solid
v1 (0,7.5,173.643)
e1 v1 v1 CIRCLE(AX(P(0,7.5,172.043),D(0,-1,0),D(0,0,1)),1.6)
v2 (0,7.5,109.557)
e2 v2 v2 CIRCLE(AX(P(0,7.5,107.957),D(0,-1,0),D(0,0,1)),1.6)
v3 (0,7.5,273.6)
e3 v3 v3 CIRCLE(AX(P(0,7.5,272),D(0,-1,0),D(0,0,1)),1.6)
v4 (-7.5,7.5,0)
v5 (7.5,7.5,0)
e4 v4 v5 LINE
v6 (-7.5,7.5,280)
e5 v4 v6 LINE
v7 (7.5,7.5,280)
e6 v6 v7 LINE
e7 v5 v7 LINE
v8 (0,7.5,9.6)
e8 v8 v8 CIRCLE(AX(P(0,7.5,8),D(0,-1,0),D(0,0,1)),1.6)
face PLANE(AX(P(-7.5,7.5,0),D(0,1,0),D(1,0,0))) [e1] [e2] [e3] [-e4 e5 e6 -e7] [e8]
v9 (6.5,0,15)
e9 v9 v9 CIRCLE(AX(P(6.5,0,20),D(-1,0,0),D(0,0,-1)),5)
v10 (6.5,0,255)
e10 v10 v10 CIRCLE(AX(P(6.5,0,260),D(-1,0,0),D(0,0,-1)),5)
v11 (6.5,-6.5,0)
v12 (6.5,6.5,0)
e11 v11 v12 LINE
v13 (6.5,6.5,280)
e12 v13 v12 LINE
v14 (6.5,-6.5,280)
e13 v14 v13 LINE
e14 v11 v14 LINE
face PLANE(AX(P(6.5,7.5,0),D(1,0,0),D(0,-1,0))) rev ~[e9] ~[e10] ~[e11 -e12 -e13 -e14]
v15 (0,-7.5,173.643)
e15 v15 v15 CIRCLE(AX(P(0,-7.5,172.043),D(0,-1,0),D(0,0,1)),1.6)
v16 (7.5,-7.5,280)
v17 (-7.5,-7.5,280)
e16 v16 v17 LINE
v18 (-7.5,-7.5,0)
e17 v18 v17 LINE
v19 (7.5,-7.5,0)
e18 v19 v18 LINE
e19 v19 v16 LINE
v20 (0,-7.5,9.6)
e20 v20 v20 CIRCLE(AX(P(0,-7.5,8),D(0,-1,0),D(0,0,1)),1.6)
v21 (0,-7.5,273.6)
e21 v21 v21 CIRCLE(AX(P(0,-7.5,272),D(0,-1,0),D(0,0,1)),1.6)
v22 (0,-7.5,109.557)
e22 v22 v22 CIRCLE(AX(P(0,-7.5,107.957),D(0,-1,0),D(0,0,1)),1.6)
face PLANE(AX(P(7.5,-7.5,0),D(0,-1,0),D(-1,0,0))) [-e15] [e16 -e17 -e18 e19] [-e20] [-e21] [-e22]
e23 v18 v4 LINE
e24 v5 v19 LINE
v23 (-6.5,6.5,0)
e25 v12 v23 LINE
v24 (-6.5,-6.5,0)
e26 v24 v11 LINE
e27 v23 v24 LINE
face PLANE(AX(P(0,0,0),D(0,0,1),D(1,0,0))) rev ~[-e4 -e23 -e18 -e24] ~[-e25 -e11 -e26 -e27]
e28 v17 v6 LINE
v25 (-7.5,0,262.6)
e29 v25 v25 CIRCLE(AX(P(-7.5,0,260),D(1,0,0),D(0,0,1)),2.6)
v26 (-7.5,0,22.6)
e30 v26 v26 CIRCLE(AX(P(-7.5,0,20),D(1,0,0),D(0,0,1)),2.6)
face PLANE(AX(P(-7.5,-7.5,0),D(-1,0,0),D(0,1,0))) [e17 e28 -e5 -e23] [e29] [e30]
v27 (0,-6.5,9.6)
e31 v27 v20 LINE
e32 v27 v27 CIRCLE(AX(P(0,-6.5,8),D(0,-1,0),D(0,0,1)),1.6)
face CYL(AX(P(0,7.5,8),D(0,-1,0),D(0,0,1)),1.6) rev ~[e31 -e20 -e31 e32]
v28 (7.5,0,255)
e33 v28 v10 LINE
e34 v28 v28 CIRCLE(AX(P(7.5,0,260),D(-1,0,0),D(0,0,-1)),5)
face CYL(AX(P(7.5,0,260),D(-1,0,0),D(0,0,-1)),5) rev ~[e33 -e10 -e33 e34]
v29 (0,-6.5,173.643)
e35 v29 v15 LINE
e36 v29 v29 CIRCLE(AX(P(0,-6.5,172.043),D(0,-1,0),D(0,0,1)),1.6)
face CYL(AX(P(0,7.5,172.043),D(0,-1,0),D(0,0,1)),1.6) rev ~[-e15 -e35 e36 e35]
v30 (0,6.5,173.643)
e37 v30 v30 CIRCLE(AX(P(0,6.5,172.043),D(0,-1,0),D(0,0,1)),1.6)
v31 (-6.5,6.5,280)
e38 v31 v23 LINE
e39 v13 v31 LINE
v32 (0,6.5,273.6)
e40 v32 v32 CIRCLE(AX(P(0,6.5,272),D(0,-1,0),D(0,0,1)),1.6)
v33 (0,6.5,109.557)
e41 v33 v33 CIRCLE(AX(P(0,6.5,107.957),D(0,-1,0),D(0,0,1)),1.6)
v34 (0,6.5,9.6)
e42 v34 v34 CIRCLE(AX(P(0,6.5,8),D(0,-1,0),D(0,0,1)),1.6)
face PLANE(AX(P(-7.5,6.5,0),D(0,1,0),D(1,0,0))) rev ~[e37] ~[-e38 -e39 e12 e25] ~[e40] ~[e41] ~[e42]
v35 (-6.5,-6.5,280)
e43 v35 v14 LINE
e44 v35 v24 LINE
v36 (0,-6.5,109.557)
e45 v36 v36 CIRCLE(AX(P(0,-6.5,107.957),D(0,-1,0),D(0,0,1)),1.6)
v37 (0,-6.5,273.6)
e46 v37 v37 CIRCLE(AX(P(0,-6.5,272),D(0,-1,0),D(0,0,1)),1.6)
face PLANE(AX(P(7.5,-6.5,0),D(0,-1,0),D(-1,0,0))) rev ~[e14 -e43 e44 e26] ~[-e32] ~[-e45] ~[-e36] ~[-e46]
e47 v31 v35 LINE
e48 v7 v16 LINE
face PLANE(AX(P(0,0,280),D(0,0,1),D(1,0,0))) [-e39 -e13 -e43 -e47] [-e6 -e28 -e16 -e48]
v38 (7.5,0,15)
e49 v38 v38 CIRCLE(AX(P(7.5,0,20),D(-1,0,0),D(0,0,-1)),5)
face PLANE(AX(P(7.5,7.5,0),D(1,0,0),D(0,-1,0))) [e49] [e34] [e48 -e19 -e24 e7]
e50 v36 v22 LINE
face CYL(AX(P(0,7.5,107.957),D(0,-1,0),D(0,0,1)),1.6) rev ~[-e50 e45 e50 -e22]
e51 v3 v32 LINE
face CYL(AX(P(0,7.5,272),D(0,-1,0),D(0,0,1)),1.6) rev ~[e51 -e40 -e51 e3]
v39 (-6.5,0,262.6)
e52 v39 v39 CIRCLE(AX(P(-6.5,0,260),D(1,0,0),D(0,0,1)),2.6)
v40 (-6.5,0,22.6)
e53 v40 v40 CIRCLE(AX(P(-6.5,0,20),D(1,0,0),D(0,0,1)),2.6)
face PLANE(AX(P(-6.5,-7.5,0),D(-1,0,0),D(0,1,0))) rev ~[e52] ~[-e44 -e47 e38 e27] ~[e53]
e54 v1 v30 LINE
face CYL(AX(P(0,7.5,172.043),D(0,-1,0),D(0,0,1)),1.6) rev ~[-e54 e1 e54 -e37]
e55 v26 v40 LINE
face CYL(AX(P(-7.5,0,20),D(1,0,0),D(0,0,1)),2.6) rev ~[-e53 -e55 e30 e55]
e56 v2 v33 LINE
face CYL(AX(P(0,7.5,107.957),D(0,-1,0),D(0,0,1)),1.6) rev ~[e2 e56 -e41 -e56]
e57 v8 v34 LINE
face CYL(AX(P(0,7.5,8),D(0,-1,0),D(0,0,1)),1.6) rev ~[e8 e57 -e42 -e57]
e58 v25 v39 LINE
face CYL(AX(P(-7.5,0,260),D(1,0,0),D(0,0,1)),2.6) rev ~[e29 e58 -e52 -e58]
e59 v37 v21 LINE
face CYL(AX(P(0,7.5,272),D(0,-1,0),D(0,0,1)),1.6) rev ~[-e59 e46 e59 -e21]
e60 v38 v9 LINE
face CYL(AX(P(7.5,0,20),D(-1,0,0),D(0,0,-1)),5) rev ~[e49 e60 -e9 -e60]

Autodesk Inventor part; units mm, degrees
ref_plane "YZ Plane" through (0, 0, 0) normal (1, 0, 0) x (0, 1, 0)
ref_plane "XZ Plane" through (0, 0, 0) normal (0, 1, 0) x (-1, 0, 0)
ref_plane "XY Plane" through (0, 0, 0) normal (0, 0, 1) x (1, 0, 0)
sketch "スケッチ1" plane through (0, 0, 0) normal (0, 0, 1) x (1, 0, 0)
  line L0 (7.5, -7.5) -> (-7.5, -7.5)
  line L1 (-7.5, -7.5) -> (-7.5, 7.5)
  line L2 (-7.5, 7.5) -> (7.5, 7.5)
  line L3 (7.5, 7.5) -> (7.5, -7.5)
  line L4 (7.5, -7.5) -> (-7.5, 7.5) construction
  line L5 (-7.5, -7.5) -> (7.5, 7.5) construction
  point P0 (0, 0)
  dimension "d0" = 15
  dimension "d1" = 15
extrude "押し出し1" add sketch "スケッチ1" along normal blind 280
shell "シェル1" thickness 1 removed faces 2 at (2.5, -2.5, 0) at (2.5, -2.5, 280)
sketch "スケッチ2" plane through (-7.5, 7.5, 0) normal (0, 1, 0) x (1, 0, 0)
  line L0 (7.5, -172.043) -> (7.5, -107.957) construction
  line L1 (15, -280) -> (0, -280) projected
  line L2 (0, 0) -> (0, -280) projected
  line L3 (0, -140) -> (7.5, -140) construction
  point P0 (7.5, 0)
  point P1 (7.5, -280)
  point P2 (7.5, -272)
  point P3 (7.5, -8)
  dimension "d5" = 64.086
  dimension "d29" = 264
hole "穴1" at (0, 7.5, 172.043) at (0, 7.5, 107.957) at (0, 7.5, 272) at (0, 7.5, 8) direction (0, -1, 0) diameter 3.2 end through all
sketch "スケッチ3" plane through (-7.5, -7.5, 0) normal (-1, 0, 0) x (0, 0, 1)
  line L0 (20, 7.5) -> (260, 7.5)
  line L1 (0, 15) -> (280, 15) projected
  line L2 (280, 15) -> (280, 0) projected
  point P0 (0, 7.5)
  point P1 (140, 7.5)
  point P2 (140, 15)
  point P3 (280, 7.5)
  dimension "d13" = 240
hole "穴2" at (-7.5, 0, 260) at (-7.5, 0, 20) direction (1, 0, 0) diameter 5.2 depth 1 tip angle 118
sketch "スケッチ4" plane through (7.5, -7.5, 0) normal (1, 0, 0) x (0, 0, -1)
  circle A0 centre (-260, 7.5) radius 2.6 projected
  circle A1 centre (-20, 7.5) radius 2.6 projected
  line L0 (0, 0) -> (0, 15) projected
  line L1 (0, 0) -> (-280, 0) projected
  line L2 (-280, 15) -> (-280, 0) projected
  line L3 (0, 15) -> (-280, 15) projected
  point P0 (0, 7.5)
hole "穴3" at (7.5, 0, 20) at (7.5, 0, 260) direction (-1, 0, 0) diameter 10 depth 1 tip angle 118
properties part number "BaseSlideSTOPPERsq"
